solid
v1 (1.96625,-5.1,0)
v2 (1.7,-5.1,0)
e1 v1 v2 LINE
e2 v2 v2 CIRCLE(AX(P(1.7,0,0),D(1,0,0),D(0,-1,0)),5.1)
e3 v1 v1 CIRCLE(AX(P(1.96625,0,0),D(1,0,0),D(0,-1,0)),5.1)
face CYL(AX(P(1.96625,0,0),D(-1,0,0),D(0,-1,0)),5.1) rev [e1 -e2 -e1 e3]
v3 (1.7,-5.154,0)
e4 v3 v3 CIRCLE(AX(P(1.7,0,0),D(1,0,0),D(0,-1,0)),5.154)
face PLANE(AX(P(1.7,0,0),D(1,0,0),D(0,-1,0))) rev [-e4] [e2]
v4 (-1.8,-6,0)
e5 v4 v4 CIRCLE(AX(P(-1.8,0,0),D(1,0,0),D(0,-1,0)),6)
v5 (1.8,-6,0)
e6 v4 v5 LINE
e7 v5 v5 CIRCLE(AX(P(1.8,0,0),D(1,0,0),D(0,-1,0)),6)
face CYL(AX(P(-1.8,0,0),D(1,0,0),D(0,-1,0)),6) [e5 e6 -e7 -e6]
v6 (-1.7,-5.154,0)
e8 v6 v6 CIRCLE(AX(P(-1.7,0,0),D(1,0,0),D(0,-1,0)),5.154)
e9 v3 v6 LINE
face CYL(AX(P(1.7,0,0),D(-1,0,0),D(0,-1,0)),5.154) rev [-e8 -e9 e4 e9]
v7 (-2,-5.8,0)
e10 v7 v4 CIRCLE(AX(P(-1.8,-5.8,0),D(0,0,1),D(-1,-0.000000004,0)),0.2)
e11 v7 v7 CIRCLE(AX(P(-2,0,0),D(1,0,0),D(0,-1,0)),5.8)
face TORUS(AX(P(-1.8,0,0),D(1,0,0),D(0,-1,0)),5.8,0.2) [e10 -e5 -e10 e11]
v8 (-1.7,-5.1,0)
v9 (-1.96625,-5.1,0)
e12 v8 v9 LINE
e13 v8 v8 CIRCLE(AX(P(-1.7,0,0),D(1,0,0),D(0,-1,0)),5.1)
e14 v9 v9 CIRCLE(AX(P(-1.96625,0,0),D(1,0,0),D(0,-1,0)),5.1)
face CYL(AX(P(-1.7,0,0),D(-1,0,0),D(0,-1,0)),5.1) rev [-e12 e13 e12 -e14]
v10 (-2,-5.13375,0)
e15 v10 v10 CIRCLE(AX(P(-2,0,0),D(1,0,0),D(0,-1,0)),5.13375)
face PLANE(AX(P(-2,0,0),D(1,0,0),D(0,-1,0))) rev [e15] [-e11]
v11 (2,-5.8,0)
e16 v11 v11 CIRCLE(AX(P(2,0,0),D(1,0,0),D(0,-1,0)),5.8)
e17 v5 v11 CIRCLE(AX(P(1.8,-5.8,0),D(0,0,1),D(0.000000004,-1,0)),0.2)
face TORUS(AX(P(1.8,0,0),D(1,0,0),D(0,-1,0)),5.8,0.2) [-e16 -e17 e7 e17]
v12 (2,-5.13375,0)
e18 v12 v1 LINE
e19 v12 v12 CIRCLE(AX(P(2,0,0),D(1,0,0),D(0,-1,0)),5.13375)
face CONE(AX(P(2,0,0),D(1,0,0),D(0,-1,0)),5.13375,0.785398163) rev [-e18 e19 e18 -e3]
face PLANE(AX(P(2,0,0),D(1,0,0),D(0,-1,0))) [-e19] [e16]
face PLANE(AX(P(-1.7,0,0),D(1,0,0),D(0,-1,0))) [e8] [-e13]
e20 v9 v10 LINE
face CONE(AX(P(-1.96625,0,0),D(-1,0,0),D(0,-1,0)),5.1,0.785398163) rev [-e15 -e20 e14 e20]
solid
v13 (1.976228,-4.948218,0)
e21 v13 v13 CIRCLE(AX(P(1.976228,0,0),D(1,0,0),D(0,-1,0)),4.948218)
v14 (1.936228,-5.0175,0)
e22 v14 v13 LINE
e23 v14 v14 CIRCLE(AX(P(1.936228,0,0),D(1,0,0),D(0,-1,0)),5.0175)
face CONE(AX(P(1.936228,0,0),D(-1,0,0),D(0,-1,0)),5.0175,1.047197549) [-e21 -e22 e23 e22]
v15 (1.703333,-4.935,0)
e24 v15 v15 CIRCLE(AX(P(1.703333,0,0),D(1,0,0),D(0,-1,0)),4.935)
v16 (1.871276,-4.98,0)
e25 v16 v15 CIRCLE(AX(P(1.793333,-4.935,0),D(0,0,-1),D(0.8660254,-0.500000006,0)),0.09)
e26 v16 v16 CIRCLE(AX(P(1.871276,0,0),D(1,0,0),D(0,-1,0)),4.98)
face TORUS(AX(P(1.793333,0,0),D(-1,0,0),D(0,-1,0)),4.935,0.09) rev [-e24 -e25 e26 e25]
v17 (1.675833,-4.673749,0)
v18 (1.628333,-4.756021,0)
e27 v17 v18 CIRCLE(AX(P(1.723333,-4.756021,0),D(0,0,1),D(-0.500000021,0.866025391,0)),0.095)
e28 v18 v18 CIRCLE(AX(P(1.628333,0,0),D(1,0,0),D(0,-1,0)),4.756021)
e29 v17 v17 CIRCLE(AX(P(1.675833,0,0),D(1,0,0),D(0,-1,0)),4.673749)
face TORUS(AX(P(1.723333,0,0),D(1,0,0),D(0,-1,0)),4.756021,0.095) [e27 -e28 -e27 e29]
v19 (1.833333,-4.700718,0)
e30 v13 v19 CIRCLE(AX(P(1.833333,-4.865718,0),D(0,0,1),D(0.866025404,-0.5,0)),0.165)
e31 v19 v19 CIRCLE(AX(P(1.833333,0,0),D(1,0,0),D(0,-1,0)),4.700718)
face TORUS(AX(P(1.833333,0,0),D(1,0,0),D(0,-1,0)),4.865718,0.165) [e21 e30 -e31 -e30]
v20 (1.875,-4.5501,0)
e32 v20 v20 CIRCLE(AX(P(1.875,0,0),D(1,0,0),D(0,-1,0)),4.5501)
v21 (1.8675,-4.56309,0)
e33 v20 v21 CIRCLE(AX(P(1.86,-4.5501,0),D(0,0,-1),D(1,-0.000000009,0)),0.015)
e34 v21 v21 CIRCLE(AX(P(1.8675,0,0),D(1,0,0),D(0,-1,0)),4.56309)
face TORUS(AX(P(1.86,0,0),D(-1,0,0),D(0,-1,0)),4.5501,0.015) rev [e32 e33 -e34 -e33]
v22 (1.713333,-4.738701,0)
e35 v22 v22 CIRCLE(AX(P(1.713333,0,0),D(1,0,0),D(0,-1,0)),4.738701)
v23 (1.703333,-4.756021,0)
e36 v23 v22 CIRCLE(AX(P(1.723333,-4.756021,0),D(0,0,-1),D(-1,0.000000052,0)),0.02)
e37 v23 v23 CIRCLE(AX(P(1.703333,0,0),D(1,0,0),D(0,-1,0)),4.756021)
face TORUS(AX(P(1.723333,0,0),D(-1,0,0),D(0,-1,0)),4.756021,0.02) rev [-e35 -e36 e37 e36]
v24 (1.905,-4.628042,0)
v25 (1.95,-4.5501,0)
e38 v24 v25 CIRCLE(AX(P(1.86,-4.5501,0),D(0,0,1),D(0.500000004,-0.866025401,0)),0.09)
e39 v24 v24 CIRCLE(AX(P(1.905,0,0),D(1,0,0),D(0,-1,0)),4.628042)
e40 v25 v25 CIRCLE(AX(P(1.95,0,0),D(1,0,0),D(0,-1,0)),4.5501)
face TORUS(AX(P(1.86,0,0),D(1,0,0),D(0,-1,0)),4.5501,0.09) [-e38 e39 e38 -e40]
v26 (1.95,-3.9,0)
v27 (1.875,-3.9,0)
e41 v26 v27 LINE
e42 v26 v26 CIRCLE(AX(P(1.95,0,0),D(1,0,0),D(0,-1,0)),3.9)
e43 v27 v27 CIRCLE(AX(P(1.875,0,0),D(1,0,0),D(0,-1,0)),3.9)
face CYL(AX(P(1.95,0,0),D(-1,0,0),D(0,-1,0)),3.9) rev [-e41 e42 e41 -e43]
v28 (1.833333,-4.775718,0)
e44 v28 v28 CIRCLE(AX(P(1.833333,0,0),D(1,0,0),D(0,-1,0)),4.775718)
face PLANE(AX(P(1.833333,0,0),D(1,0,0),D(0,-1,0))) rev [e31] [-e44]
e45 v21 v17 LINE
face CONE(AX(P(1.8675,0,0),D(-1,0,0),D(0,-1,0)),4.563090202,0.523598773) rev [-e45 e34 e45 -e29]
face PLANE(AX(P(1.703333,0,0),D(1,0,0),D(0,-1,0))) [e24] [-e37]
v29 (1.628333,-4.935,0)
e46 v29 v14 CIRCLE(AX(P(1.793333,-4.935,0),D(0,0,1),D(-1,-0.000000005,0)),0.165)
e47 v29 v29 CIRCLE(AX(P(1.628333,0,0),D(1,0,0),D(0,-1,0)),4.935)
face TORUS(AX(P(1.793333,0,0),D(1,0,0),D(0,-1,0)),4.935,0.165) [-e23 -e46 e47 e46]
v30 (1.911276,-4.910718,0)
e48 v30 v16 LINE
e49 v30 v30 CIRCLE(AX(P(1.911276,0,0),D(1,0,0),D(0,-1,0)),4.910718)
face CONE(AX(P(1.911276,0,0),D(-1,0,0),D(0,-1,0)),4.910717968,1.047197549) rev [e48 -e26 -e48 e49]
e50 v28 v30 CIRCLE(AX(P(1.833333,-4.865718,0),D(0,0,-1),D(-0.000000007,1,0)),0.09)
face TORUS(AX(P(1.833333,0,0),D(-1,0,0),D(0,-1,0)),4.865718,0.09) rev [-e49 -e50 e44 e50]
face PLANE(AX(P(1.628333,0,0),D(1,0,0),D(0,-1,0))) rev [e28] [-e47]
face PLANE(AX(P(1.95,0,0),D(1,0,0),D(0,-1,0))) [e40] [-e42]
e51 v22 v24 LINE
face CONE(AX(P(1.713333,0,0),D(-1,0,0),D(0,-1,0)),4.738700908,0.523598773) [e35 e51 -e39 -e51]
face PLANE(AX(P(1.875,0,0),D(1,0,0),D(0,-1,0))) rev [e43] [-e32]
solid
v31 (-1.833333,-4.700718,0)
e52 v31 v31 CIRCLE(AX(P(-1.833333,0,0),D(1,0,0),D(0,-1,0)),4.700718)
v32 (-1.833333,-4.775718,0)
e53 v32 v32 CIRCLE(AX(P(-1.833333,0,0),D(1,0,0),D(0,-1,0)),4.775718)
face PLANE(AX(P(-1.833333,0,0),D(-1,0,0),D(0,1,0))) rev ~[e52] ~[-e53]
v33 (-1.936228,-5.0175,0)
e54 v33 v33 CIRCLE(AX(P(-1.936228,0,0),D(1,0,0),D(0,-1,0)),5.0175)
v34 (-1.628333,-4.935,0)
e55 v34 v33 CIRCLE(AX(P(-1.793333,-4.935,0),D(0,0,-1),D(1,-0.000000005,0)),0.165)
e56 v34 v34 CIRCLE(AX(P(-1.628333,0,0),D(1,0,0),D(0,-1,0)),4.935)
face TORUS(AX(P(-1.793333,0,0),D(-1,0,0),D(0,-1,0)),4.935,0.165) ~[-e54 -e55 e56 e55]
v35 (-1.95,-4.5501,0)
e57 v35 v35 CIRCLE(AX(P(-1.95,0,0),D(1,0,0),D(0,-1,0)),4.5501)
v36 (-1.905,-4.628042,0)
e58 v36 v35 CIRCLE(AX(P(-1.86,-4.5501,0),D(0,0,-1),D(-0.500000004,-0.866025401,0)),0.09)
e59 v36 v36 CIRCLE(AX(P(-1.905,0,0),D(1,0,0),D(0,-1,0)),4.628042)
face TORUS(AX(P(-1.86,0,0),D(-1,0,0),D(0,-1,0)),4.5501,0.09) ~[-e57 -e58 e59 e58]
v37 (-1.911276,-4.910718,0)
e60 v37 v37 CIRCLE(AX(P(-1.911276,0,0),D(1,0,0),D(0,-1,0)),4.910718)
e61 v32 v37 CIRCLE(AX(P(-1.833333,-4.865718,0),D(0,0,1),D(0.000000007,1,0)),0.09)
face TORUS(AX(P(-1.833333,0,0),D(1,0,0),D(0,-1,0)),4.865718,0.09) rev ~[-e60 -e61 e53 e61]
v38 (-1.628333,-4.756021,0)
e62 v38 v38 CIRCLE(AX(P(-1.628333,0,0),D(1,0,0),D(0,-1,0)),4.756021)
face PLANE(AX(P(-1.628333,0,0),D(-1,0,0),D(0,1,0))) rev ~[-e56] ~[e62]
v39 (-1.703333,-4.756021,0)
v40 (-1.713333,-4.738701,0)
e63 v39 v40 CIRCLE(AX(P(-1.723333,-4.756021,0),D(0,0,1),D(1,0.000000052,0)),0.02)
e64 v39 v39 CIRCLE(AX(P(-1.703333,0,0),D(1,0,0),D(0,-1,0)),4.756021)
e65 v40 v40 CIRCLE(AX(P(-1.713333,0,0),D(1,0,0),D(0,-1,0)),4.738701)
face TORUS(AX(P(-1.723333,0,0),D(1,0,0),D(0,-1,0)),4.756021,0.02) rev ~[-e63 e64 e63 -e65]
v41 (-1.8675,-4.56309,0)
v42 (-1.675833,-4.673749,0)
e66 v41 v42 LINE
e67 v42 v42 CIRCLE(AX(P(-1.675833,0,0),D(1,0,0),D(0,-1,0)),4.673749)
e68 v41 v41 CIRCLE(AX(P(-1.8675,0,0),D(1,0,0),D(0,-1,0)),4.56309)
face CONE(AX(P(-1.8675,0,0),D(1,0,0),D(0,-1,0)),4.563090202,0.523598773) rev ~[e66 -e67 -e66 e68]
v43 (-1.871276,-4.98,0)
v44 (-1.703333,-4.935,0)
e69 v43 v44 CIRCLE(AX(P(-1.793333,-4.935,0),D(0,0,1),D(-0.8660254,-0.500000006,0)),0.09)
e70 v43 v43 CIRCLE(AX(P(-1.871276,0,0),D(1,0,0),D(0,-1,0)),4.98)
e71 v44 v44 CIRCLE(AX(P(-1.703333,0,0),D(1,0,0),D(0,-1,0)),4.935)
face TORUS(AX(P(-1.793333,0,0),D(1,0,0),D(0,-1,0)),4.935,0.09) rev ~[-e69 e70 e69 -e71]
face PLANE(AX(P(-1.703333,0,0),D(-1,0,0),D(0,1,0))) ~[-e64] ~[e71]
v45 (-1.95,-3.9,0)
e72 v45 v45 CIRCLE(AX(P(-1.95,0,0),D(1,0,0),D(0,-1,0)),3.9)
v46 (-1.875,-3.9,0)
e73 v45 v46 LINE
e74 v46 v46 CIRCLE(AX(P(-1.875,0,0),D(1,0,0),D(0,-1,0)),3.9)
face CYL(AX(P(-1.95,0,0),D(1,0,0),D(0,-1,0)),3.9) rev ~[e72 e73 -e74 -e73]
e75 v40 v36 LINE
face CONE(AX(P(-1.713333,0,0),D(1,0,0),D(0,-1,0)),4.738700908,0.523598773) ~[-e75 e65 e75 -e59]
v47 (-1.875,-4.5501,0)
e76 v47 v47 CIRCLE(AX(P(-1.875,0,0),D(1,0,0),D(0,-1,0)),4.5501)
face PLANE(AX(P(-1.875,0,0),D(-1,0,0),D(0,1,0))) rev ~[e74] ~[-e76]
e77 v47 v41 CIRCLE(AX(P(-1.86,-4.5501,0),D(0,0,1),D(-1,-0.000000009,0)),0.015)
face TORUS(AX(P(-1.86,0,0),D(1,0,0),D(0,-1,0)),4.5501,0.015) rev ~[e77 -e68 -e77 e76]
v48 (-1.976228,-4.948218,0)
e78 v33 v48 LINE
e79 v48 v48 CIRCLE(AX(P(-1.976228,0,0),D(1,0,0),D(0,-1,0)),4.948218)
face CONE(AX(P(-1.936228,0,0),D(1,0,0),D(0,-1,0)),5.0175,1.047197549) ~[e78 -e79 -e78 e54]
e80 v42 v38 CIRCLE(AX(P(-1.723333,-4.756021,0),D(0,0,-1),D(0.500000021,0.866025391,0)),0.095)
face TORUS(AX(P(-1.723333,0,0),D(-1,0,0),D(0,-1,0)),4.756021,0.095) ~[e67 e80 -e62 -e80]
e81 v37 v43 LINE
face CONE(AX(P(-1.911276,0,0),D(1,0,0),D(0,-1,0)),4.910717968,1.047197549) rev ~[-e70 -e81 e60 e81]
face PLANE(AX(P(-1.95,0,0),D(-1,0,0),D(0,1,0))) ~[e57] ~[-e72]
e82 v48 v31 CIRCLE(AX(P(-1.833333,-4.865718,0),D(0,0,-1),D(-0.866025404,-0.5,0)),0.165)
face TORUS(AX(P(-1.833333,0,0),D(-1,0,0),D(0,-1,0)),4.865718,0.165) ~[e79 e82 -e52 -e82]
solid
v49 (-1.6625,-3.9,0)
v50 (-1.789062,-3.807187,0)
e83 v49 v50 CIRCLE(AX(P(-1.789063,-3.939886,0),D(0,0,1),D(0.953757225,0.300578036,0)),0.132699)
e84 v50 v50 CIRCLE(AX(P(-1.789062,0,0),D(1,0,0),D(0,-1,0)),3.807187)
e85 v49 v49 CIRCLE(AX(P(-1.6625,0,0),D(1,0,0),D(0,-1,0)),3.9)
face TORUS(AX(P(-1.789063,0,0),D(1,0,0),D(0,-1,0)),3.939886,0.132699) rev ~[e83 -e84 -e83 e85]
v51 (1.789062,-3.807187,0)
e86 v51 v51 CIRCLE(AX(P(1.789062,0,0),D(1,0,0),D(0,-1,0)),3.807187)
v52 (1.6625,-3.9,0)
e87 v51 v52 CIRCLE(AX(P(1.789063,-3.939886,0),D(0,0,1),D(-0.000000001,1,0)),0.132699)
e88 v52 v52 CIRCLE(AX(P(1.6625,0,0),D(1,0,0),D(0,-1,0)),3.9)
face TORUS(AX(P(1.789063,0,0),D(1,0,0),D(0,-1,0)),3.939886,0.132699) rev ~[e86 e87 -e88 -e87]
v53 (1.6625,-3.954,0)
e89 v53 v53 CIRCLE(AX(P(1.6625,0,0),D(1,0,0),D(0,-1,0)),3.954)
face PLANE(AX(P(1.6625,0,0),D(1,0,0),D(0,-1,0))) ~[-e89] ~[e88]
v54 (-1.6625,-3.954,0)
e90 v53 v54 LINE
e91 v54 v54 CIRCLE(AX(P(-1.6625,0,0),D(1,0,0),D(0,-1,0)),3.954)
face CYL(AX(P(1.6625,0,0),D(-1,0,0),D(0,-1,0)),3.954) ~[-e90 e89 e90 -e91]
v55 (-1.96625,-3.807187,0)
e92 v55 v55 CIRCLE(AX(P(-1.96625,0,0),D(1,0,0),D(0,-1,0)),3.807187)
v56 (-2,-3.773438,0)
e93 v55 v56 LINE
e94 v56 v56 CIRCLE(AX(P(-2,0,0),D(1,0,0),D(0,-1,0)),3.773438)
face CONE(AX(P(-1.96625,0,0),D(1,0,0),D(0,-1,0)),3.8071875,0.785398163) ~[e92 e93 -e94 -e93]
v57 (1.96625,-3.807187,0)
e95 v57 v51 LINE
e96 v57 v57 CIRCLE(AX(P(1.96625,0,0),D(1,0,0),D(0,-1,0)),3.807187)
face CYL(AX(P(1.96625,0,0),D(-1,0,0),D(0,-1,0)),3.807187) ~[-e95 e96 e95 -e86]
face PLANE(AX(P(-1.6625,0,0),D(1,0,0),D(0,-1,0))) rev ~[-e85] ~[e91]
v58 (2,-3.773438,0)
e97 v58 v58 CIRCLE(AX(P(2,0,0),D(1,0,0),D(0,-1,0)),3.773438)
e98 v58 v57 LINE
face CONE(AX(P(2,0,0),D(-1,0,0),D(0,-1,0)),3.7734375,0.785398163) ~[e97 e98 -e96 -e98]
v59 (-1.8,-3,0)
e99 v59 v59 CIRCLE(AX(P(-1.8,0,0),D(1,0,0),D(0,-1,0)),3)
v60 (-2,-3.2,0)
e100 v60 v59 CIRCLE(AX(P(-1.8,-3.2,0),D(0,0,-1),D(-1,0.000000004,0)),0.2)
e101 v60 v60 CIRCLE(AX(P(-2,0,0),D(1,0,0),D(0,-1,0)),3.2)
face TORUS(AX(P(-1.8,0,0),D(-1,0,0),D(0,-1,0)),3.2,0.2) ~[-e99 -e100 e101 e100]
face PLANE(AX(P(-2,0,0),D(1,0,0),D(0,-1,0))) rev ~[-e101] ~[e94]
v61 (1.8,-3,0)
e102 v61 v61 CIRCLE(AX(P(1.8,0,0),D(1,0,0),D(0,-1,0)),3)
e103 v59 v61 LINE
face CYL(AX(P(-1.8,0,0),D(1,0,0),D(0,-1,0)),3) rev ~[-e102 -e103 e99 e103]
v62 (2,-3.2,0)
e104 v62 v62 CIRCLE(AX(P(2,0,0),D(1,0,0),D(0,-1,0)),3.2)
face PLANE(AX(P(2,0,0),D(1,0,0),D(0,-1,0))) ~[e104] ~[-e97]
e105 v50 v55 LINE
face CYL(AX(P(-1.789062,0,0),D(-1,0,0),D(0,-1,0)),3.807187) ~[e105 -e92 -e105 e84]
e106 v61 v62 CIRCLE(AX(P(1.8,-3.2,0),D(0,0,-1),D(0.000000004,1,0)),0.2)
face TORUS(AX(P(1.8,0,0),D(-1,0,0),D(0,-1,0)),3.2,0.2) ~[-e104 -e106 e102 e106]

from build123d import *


with BuildPart() as part:
    # Sketch3 → Revolve1 (revolve)
    with BuildSketch(Plane.XY, mode=Mode.PRIVATE) as revolve1_sk:
        with BuildLine():
            Line((-1.8, 6), (1.8, 6))
            ThreePointArc((1.8, 6), (1.941421356, 5.941421356), (2, 5.8))
            Line((2, 5.8), (2, 5.13375))
            Line((2, 5.13375), (1.96625, 5.1))
            Line((1.96625, 5.1), (1.7, 5.1))
            Line((1.7, 5.1), (1.7, 5.154))
            Line((1.7, 5.154), (-1.7, 5.154))
            Line((-1.7, 5.154), (-1.7, 5.1))
            Line((-1.7, 5.1), (-1.96625, 5.1))
            Line((-1.96625, 5.1), (-2, 5.13375))
            Line((-2, 5.13375), (-2, 5.8))
            ThreePointArc((-2, 5.8), (-1.941421356, 5.941421356), (-1.8, 6))
        make_face()
        with BuildLine():
            Line((-1.96625, 3.8071875), (-2, 3.7734375))
            Line((-2, 3.7734375), (-2, 3.2))
            ThreePointArc((-2, 3.2), (-1.941421356, 3.058578644), (-1.8, 3))
            Line((-1.8, 3), (1.8, 3))
            ThreePointArc((1.8, 3), (1.941421356, 3.058578644), (2, 3.2))
            Line((2, 3.2), (2, 3.7734375))
            Line((2, 3.7734375), (1.96625, 3.8071875))
            Line((1.96625, 3.8071875), (1.7890625, 3.8071875))
            ThreePointArc((1.7890625, 3.8071875), (1.710589214, 3.832877337), (1.6625, 3.9))
            Line((1.6625, 3.9), (1.6625, 3.954))
            Line((1.6625, 3.954), (-1.6625, 3.954))
            Line((-1.6625, 3.954), (-1.6625, 3.9))
            ThreePointArc((-1.6625, 3.9), (-1.710589214, 3.832877337), (-1.7890625, 3.8071875))
            Line((-1.7890625, 3.8071875), (-1.96625, 3.8071875))
        make_face()
    revolve(revolve1_sk.sketch.rotate(Axis((-1.8, 0, 0), (1, 0, 0)), 180), axis=Axis((-1.8, 0, 0), (1, 0, 0)))


with BuildPart() as body_2:
    # Sketch4 → Revolve-Thin1 (revolve)
    with BuildSketch(Plane.XY, mode=Mode.PRIVATE) as revolve_thin1_sk:
        with BuildLine():
            ThreePointArc((1.833333333, 4.775717968), (1.91127562, 4.820717968), (1.91127562, 4.910717968))
            Line((1.91127562, 4.910717968), (1.87127562, 4.98))
            ThreePointArc((1.87127562, 4.98), (1.770039619, 5.021933324), (1.703333333, 4.935))
            Line((1.703333333, 4.935), (1.703333333, 4.756021417))
            ThreePointArc((1.703333333, 4.756021417), (1.706012825, 4.746021417), (1.713333333, 4.738700908))
            Line((1.713333333, 4.738700908), (1.905, 4.628042107))
            ThreePointArc((1.905, 4.628042107), (1.937942286, 4.595099821), (1.95, 4.550099821))
            Line((1.95, 4.550099821), (1.95, 3.9))
            Line((1.95, 3.9), (1.875, 3.9))
            Line((1.875, 3.9), (1.875, 4.550099821))
            ThreePointArc((1.875, 4.550099821), (1.872990381, 4.557599821), (1.8675, 4.563090202))
            Line((1.8675, 4.563090202), (1.675833333, 4.673749003))
            ThreePointArc((1.675833333, 4.673749003), (1.64106092, 4.708521417), (1.628333333, 4.756021417))
            Line((1.628333333, 4.756021417), (1.628333333, 4.935))
            ThreePointArc((1.628333333, 4.935), (1.750628191, 5.094377761), (1.936227525, 5.0175))
            Line((1.936227525, 5.0175), (1.976227525, 4.948217968))
            ThreePointArc((1.976227525, 4.948217968), (1.976227525, 4.783217968), (1.833333333, 4.700717968))
            Line((1.833333333, 4.700717968), (1.833333333, 4.775717968))
        make_face()
    revolve(revolve_thin1_sk.sketch.rotate(Axis((-1.8, 0, 0), (1, 0, 0)), 180), axis=Axis((-1.8, 0, 0), (1, 0, 0)))


with BuildPart() as body_3:
    # Mirror2: mirrored copy
    add(body_2.part.mirror(Plane(origin=(0, 0, 0), x_dir=(0, 0, 1), z_dir=(1, 0, 0))))


with BuildPart() as body_3_2:
    # Mirror1: mirrored copy
    add(body_2.part.mirror(Plane(origin=(0, 0, 0), x_dir=(0, 0, 1), z_dir=(1, 0, 0))))


solid = Compound([part.part, body_2.part, body_3_2.part])
